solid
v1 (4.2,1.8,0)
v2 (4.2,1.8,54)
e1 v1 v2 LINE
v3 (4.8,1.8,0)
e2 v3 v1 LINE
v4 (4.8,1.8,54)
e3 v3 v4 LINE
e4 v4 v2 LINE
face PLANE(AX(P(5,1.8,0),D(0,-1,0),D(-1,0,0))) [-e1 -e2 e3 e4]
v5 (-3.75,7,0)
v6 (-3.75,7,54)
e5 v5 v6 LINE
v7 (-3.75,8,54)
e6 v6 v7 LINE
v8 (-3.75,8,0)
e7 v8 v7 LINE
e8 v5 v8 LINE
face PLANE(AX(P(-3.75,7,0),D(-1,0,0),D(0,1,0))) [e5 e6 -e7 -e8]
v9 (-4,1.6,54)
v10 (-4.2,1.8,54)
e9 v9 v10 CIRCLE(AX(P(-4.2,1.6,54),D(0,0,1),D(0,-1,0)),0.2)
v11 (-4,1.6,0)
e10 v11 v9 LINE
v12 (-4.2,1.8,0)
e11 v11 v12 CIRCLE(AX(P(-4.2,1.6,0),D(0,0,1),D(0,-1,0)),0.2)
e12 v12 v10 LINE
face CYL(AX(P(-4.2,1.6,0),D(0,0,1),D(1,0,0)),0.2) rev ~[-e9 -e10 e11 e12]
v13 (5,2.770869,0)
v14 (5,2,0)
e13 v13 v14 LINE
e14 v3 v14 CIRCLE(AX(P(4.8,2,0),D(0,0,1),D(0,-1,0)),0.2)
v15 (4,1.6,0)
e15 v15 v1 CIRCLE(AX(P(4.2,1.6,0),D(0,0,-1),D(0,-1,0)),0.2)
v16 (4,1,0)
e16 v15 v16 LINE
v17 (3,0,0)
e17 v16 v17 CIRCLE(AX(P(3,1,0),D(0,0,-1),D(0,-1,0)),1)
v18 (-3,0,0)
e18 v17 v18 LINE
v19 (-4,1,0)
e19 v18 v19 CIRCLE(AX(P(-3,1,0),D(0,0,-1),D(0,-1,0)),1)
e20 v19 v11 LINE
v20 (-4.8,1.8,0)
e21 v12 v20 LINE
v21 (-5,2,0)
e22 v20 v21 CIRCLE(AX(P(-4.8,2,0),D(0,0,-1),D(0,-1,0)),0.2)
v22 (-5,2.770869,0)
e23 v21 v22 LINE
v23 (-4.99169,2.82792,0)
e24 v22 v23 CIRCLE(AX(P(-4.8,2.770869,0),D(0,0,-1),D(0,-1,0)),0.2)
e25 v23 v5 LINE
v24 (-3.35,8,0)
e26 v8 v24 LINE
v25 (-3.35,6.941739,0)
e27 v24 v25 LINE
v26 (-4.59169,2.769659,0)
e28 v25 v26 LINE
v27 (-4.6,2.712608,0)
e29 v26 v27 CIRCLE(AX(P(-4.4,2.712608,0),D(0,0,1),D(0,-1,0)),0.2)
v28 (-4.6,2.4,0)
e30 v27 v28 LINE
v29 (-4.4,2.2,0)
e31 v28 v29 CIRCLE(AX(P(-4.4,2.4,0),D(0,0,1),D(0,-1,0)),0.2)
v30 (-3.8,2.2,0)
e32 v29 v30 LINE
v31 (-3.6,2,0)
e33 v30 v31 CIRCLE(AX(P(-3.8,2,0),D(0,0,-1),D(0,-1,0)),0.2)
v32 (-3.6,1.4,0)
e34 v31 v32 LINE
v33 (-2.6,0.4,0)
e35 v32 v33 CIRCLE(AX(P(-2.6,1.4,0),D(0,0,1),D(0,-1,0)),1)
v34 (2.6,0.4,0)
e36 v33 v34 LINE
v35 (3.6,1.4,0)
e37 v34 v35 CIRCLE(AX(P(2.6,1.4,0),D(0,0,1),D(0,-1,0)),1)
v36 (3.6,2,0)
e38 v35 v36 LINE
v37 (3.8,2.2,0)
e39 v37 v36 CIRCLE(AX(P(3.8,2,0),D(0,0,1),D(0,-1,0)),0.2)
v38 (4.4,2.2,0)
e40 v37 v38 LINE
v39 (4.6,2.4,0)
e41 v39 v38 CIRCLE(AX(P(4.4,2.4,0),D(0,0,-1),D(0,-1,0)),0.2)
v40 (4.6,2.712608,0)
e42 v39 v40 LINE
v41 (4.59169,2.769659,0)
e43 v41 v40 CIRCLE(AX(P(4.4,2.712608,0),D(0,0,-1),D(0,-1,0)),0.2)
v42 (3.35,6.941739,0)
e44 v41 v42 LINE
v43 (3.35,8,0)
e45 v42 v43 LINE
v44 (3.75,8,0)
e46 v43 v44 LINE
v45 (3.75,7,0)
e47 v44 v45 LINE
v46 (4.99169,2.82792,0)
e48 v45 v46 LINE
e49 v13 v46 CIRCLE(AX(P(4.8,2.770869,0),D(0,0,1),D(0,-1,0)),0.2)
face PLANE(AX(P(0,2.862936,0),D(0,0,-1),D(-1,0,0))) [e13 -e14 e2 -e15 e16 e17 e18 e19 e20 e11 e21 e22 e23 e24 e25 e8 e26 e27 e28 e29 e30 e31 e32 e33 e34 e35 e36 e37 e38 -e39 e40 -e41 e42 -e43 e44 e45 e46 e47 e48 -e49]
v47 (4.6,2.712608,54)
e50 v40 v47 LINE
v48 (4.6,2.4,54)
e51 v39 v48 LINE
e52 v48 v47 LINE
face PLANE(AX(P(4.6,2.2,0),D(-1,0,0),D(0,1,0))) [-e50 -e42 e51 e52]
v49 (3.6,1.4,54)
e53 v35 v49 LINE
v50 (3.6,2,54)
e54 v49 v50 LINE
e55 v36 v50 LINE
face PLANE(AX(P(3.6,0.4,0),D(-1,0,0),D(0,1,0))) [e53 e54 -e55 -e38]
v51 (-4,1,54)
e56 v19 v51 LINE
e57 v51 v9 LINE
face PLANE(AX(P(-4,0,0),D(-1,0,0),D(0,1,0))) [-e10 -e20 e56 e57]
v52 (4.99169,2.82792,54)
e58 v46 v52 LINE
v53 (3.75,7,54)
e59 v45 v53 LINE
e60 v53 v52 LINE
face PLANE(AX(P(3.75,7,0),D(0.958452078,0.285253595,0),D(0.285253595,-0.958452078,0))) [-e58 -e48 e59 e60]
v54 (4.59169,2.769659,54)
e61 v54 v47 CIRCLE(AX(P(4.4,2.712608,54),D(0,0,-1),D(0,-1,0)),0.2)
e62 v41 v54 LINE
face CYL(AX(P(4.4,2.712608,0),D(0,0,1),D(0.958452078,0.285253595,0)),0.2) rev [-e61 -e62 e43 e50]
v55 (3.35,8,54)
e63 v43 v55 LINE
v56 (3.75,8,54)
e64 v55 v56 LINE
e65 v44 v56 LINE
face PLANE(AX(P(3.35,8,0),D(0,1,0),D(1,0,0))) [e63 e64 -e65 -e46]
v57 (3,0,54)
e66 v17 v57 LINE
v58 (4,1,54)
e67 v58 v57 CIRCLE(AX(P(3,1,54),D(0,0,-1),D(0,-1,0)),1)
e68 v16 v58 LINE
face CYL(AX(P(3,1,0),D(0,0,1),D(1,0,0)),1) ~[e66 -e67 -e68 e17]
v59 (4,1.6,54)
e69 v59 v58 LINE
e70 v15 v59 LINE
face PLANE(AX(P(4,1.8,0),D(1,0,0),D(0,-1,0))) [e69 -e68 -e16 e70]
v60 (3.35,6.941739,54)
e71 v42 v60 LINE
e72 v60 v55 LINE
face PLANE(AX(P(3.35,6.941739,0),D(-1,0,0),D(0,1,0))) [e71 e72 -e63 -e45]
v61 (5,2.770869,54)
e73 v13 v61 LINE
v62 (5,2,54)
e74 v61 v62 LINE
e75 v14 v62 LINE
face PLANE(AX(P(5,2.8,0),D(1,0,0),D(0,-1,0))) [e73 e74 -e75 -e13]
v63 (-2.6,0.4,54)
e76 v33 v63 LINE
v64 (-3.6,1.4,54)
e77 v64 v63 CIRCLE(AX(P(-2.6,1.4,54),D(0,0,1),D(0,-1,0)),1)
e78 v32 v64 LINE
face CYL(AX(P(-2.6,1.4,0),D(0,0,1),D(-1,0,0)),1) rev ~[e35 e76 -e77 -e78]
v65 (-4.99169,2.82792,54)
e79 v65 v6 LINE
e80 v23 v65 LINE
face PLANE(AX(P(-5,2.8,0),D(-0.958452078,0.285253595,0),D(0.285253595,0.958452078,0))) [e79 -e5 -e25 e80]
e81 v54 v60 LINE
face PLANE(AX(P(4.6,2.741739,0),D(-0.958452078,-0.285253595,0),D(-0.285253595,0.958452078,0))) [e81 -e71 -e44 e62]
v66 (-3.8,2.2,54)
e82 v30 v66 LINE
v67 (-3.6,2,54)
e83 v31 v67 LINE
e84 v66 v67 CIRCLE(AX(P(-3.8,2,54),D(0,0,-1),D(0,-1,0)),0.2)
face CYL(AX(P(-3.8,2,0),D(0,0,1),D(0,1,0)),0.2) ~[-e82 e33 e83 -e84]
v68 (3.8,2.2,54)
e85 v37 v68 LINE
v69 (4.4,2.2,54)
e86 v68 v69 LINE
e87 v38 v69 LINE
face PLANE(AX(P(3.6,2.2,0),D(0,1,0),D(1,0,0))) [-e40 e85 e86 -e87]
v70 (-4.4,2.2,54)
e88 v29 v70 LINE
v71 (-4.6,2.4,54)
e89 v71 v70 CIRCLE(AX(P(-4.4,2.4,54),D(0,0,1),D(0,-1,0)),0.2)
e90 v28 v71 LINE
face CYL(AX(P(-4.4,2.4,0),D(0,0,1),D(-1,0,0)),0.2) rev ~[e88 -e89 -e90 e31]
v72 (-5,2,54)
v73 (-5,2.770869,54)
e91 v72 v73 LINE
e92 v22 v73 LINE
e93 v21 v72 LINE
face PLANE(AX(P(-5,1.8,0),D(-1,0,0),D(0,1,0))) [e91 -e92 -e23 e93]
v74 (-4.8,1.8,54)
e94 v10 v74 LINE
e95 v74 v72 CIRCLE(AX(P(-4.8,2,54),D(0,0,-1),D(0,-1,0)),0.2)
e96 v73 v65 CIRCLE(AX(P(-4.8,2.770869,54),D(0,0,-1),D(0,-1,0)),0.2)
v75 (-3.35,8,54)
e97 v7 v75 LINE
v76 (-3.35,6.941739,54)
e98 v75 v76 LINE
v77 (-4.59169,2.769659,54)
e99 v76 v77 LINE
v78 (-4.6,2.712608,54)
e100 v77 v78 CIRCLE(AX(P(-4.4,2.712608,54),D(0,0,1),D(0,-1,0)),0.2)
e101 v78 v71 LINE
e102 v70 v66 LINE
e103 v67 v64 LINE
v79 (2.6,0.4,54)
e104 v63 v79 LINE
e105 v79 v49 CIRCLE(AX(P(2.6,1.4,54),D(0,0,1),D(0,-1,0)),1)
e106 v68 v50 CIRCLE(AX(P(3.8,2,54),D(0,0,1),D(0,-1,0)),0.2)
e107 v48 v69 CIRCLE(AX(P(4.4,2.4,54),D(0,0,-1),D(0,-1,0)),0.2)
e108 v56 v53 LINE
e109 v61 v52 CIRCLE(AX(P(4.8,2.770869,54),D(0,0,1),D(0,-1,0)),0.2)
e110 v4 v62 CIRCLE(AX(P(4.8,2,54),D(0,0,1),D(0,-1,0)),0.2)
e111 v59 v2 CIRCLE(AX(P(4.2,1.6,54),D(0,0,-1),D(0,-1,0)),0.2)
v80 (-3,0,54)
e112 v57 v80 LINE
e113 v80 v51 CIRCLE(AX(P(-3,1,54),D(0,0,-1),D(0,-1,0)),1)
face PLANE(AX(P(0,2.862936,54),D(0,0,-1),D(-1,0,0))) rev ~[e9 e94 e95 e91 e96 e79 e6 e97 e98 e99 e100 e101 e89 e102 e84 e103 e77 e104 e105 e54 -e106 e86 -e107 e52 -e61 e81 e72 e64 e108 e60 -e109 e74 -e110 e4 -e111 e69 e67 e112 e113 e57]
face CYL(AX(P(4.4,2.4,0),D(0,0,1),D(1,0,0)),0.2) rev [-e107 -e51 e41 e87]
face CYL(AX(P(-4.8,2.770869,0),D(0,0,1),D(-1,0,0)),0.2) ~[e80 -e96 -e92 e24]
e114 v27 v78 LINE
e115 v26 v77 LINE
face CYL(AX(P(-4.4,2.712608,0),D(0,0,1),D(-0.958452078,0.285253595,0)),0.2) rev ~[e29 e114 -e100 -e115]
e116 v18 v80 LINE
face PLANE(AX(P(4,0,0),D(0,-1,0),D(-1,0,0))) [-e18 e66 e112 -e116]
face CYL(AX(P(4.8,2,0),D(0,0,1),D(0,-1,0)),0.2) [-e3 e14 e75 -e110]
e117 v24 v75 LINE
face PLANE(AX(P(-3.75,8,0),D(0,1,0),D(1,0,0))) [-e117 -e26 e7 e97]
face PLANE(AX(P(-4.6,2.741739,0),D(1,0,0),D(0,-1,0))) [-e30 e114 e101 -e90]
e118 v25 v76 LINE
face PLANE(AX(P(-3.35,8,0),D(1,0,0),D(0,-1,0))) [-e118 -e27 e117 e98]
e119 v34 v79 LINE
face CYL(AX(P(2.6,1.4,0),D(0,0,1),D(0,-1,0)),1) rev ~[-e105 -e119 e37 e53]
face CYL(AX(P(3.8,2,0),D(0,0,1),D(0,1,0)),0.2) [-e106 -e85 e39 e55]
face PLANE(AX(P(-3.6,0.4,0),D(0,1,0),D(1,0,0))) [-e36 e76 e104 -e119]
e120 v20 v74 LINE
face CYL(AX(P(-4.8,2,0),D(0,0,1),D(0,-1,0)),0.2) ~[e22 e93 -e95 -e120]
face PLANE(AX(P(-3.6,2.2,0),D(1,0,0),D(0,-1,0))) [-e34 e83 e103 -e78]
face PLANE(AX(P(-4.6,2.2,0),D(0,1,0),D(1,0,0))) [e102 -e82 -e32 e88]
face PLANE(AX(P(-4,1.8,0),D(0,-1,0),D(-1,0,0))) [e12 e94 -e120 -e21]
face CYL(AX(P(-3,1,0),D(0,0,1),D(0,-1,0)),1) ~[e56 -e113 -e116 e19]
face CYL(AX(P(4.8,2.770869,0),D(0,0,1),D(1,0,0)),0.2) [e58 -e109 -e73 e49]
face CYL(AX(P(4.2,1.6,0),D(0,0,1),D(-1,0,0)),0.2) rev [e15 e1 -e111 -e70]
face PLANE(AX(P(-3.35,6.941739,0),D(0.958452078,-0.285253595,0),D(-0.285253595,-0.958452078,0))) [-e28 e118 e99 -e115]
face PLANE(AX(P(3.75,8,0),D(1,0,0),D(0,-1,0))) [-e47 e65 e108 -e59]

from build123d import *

# Parameters (mm, degrees)
EXTRUDE_THIN1_DEPTH = 54
FILLET1_R           = 1
FILLET2_R           = 0.2


with BuildPart() as part:
    # Sketch1 → Extrude-Thin1 (new body)
    with BuildSketch(Plane.XY):
        Polygon((3.75, 8), (3.75, 7), (5, 2.8), (5, 1.8), (4, 1.8), (4, 0), (-4, 0), (-4, 1.8), (-5, 1.8), (-5, 2.8), (-3.75, 7), (-3.75, 8), (-3.35, 8), (-3.35, 6.941738969), (-4.6, 2.741738969), (-4.6, 2.2), (-3.6, 2.2), (-3.6, 0.4), (3.6, 0.4), (3.6, 2.2), (4.6, 2.2), (4.6, 2.741738969), (3.35, 6.941738969), (3.35, 8), align=None)
    extrude(amount=EXTRUDE_THIN1_DEPTH)

    # Fillet1
    fillet1_edges = [part.edges().sort_by_distance(p)[0] for p in [
        (4, 0, 27),
        (-4, 0, 27),
        (-3.6, 0.4, 27),
        (3.6, 0.4, 27),
    ]]
    fillet(fillet1_edges, radius=FILLET1_R)

    # Fillet2
    fillet2_edges = [part.edges().sort_by_distance(p)[0] for p in [
        (5, 2.8, 27),
        (5, 1.8, 27),
        (4, 1.8, 27),
        (-4, 1.8, 27),
        (-5, 1.8, 27),
        (-5, 2.8, 27),
        (-4.6, 2.741738969, 27),
        (-4.6, 2.2, 27),
        (-3.6, 2.2, 27),
        (3.6, 2.2, 27),
        (4.6, 2.2, 27),
        (4.6, 2.741738969, 27),
    ]]
    fillet(fillet2_edges, radius=FILLET2_R)


solid = part.part
